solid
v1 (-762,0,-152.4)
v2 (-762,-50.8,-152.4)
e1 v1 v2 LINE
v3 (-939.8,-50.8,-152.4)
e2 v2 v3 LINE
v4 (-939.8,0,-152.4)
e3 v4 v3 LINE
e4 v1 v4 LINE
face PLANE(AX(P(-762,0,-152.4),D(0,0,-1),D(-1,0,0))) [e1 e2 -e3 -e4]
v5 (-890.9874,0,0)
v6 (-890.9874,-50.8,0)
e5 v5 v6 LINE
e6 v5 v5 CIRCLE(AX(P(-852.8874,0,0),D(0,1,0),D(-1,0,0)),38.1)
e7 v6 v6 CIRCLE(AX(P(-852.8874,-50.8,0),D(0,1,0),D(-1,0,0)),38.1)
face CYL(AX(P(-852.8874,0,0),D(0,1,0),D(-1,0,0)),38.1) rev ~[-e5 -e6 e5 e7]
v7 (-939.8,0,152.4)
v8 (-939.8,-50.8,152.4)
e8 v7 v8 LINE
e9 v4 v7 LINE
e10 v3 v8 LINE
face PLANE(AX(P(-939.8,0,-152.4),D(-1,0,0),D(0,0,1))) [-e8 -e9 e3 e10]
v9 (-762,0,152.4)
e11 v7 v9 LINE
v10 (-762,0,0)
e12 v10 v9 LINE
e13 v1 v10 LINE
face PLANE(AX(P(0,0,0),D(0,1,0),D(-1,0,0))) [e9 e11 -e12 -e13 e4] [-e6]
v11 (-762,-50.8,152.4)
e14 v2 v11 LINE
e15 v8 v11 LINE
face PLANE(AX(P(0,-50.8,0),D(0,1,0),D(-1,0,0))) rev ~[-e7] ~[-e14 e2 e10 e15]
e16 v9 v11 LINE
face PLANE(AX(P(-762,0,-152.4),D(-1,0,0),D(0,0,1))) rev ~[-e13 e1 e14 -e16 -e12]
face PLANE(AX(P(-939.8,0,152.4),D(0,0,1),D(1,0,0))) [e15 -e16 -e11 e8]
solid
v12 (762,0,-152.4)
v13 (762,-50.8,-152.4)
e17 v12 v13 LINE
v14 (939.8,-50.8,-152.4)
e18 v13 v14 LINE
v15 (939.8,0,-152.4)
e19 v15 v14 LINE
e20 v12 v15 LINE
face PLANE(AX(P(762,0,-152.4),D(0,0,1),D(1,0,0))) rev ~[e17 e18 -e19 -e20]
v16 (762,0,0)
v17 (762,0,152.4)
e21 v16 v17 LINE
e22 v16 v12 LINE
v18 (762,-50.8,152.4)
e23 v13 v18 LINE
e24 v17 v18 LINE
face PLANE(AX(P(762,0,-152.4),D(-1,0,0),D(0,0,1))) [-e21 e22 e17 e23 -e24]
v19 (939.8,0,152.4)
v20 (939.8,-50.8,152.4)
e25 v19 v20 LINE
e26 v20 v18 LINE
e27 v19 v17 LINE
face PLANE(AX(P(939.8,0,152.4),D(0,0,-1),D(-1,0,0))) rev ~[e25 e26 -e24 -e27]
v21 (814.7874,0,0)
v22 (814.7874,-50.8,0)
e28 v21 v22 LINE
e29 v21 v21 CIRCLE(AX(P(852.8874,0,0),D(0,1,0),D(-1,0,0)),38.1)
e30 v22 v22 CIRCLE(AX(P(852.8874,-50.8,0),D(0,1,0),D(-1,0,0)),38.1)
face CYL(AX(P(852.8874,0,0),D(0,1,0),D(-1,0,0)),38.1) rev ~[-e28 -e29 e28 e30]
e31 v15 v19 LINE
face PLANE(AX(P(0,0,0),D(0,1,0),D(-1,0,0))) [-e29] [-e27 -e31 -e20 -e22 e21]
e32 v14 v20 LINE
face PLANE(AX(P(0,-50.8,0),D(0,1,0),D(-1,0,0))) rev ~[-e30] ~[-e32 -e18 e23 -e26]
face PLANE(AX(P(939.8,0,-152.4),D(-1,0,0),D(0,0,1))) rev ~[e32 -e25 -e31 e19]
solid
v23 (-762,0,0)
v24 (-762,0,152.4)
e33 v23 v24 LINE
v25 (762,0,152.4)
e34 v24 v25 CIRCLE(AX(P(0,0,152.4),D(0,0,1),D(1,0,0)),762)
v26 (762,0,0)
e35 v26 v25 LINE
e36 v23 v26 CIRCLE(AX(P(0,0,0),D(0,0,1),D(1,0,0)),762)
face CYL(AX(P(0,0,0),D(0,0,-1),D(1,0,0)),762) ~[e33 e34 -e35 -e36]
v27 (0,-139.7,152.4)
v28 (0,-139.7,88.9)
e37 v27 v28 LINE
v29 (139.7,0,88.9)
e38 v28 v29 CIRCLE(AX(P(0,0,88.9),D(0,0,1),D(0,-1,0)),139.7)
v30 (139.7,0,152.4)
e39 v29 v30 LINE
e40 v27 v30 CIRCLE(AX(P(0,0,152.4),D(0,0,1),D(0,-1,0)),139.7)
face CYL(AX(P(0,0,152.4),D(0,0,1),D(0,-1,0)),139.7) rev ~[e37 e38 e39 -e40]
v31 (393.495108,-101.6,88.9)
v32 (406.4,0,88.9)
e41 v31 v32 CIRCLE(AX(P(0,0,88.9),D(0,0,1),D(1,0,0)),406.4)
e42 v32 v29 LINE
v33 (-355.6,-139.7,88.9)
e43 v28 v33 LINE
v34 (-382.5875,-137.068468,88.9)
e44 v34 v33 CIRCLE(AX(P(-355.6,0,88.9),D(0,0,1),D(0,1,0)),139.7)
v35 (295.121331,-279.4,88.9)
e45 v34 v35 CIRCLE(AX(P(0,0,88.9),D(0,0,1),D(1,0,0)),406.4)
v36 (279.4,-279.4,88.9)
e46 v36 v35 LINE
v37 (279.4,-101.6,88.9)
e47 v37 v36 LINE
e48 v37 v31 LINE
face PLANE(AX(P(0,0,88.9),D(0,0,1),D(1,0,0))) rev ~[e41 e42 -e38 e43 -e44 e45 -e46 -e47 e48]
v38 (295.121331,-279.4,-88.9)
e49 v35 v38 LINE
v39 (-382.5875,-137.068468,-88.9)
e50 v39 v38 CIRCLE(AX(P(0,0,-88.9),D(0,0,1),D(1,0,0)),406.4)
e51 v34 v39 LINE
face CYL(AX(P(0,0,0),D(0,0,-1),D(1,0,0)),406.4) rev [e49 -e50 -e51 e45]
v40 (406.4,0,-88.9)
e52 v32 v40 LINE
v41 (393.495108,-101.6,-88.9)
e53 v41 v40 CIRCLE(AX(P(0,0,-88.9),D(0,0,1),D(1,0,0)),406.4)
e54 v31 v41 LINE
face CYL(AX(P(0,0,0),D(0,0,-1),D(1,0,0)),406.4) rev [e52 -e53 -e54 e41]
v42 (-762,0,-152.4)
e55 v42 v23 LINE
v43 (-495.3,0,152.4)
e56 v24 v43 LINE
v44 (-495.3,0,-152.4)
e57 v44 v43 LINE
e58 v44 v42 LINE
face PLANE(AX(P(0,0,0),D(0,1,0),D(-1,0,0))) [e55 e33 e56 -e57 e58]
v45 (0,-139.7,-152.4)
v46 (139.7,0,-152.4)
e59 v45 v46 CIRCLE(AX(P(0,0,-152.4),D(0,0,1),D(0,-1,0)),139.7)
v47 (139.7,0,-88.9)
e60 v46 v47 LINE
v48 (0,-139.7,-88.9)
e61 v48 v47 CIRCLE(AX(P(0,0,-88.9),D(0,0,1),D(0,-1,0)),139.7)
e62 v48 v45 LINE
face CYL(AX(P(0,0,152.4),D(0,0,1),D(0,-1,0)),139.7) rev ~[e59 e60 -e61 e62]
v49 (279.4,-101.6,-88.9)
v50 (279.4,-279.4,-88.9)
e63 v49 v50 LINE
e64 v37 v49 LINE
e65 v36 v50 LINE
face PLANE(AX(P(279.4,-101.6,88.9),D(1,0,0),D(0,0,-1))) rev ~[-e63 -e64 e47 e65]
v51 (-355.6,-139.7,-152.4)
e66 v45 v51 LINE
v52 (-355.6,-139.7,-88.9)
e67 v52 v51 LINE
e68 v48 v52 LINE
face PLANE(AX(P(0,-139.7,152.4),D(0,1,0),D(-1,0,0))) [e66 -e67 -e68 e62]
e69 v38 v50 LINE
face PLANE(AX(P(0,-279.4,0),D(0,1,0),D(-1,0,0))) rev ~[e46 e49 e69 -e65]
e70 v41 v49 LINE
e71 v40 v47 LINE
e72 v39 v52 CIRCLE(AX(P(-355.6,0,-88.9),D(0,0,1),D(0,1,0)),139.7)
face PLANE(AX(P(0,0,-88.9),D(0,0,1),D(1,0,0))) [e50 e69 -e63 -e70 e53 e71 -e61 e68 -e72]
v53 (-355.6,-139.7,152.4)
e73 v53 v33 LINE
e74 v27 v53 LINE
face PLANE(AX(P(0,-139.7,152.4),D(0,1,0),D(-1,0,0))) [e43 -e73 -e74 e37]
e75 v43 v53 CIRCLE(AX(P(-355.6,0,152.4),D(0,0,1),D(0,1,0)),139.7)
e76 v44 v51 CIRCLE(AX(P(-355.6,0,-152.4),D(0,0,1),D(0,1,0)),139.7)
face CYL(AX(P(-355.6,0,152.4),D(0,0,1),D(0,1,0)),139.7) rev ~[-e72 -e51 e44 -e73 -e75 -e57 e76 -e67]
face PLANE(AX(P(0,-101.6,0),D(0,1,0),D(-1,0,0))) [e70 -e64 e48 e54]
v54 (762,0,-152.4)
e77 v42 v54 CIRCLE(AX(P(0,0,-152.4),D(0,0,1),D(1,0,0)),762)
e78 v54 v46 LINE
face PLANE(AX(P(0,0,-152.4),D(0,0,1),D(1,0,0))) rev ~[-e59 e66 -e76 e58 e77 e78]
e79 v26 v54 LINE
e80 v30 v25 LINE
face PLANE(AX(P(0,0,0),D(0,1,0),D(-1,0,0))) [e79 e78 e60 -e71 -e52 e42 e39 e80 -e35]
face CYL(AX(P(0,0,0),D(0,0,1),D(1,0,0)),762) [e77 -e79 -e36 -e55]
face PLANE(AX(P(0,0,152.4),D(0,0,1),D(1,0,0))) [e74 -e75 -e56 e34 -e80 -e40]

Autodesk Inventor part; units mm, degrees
ref_plane "YZ Plane" through (0, 0, 0) normal (1, 0, 0) x (0, 1, 0)
ref_plane "XY Plane" through (0, 0, 0) normal (0, 0, 1) x (1, 0, 0)
sketch "Эскиз1" plane through (0, 0, 0) normal (0, 0, 1) x (1, 0, 0)
  circle A0 centre (0, 0) radius 762
  dimension "d0" = 1524
extrude "Выдавливание1" add sketch "Эскиз1" along normal mid plane 304.8
sketch "Эскиз2" plane through (0, 0, 0) normal (0, 0, 1) x (1, 0, 0)
  circle A0 centre (0, 0) radius 406.4
  dimension "d3" = 812.8
extrude "Выдавливание2" cut sketch "Эскиз2" along normal mid plane 177.8
ref_plane "РабПлоскость1" through (0, -101.6, 0) normal (0, 1, 0) x (-1, 0, 0)
sketch "Эскиз3" plane through (0, -101.6, 0) normal (0, 1, 0) x (-1, 0, 0)
  line L0 (406.4, 88.9) -> (-406.4, 88.9) projected
  line L1 (-406.4, -88.9) -> (406.4, -88.9) projected
  line L2 (-406.4, 88.9) -> (-279.4, 88.9)
  line L3 (-279.4, 88.9) -> (-279.4, -88.9)
  line L4 (-279.4, -88.9) -> (-406.4, -88.9)
  line L5 (-406.4, -88.9) -> (-406.4, 88.9)
  point P0 (0, 0)
  dimension "d7" = 127
extrude "Выдавливание3" add sketch "Эскиз3" against normal blind 177.8
sketch "Эскиз4" plane through (0, 0, 152.4) normal (0, 0, 1) x (1, 0, 0)
  line L0 (0, 0) -> (-355.6, 0) construction
  line L1 (0, -139.7) -> (-355.6, -139.7)
  line L2 (-355.6, 139.7) -> (0, 139.7)
  arc A0 (0, -139.7) -> (0, 139.7) centre (0, 0) ccw
  arc A1 (-355.6, 139.7) -> (-355.6, -139.7) centre (-355.6, 0) ccw
  point P0 (-177.8, 0)
  dimension "d10" = 355.6
  dimension "d11" = 279.4
extrude "Выдавливание4" cut sketch "Эскиз4" against normal through all
sketch "Эскиз5" plane through (0, 0, 0) normal (0, 1, 0) x (-1, 0, 0)
  line L0 (762, 152.4) -> (-762, 152.4) projected
  line L1 (-762, -152.4) -> (762, -152.4) projected
  line L2 (762, 152.4) -> (-762, 152.4)
  line L3 (-762, 152.4) -> (-762, -152.4)
  line L4 (-762, -152.4) -> (762, -152.4)
  line L5 (762, -152.4) -> (762, 152.4)
  point P0 (0, 0)
extrude "Выдавливание5" cut sketch "Эскиз5" along normal blind 762
sketch "Эскиз6" plane through (0, 0, 0) normal (0, 1, 0) x (-1, 0, 0)
  line L0 (-762, -152.4) -> (-762, 152.4) projected
  line L1 (-762, -152.4) -> (-939.8, -152.4)
  line L2 (-939.8, -152.4) -> (-939.8, 152.4)
  line L3 (-939.8, 152.4) -> (-762, 152.4)
  line L4 (-762, 152.4) -> (-762, -152.4)
  line L5 (0, 447.1525) -> (0, -527.7865)
  line L6 (-762, 152.4) -> (-139.7, 152.4) projected
  line L7 (-139.7, -152.4) -> (-762, -152.4) projected
  line L8 (762, -152.4) -> (762, 152.4)
  line L9 (762, -152.4) -> (939.8, -152.4)
  line L10 (939.8, -152.4) -> (939.8, 152.4)
  line L11 (939.8, 152.4) -> (762, 152.4)
  point P0 (0, 0)
  dimension "d16" = 304.8
  dimension "d17" = 177.8
extrude "Выдавливание6" add sketch "Эскиз6" against normal blind 50.8
sketch "Эскиз7" plane through (0, -101.6, 0) normal (0, 1, 0) x (-1, 0, 0)
  point P0 (0, 0)
sketch "Эскиз8" plane through (0, 0, 0) normal (0, 1, 0) x (-1, 0, 0)
  circle A0 centre (852.8874, 0) radius 38.1
  line L0 (0, 193.2199) -> (0, -225.4232)
  circle A1 centre (-852.8874, 0) radius 38.1
  point P0 (0, 0)
  dimension "d20" = 76.2
extrude "Выдавливание7" cut sketch "Эскиз8" against normal through all
